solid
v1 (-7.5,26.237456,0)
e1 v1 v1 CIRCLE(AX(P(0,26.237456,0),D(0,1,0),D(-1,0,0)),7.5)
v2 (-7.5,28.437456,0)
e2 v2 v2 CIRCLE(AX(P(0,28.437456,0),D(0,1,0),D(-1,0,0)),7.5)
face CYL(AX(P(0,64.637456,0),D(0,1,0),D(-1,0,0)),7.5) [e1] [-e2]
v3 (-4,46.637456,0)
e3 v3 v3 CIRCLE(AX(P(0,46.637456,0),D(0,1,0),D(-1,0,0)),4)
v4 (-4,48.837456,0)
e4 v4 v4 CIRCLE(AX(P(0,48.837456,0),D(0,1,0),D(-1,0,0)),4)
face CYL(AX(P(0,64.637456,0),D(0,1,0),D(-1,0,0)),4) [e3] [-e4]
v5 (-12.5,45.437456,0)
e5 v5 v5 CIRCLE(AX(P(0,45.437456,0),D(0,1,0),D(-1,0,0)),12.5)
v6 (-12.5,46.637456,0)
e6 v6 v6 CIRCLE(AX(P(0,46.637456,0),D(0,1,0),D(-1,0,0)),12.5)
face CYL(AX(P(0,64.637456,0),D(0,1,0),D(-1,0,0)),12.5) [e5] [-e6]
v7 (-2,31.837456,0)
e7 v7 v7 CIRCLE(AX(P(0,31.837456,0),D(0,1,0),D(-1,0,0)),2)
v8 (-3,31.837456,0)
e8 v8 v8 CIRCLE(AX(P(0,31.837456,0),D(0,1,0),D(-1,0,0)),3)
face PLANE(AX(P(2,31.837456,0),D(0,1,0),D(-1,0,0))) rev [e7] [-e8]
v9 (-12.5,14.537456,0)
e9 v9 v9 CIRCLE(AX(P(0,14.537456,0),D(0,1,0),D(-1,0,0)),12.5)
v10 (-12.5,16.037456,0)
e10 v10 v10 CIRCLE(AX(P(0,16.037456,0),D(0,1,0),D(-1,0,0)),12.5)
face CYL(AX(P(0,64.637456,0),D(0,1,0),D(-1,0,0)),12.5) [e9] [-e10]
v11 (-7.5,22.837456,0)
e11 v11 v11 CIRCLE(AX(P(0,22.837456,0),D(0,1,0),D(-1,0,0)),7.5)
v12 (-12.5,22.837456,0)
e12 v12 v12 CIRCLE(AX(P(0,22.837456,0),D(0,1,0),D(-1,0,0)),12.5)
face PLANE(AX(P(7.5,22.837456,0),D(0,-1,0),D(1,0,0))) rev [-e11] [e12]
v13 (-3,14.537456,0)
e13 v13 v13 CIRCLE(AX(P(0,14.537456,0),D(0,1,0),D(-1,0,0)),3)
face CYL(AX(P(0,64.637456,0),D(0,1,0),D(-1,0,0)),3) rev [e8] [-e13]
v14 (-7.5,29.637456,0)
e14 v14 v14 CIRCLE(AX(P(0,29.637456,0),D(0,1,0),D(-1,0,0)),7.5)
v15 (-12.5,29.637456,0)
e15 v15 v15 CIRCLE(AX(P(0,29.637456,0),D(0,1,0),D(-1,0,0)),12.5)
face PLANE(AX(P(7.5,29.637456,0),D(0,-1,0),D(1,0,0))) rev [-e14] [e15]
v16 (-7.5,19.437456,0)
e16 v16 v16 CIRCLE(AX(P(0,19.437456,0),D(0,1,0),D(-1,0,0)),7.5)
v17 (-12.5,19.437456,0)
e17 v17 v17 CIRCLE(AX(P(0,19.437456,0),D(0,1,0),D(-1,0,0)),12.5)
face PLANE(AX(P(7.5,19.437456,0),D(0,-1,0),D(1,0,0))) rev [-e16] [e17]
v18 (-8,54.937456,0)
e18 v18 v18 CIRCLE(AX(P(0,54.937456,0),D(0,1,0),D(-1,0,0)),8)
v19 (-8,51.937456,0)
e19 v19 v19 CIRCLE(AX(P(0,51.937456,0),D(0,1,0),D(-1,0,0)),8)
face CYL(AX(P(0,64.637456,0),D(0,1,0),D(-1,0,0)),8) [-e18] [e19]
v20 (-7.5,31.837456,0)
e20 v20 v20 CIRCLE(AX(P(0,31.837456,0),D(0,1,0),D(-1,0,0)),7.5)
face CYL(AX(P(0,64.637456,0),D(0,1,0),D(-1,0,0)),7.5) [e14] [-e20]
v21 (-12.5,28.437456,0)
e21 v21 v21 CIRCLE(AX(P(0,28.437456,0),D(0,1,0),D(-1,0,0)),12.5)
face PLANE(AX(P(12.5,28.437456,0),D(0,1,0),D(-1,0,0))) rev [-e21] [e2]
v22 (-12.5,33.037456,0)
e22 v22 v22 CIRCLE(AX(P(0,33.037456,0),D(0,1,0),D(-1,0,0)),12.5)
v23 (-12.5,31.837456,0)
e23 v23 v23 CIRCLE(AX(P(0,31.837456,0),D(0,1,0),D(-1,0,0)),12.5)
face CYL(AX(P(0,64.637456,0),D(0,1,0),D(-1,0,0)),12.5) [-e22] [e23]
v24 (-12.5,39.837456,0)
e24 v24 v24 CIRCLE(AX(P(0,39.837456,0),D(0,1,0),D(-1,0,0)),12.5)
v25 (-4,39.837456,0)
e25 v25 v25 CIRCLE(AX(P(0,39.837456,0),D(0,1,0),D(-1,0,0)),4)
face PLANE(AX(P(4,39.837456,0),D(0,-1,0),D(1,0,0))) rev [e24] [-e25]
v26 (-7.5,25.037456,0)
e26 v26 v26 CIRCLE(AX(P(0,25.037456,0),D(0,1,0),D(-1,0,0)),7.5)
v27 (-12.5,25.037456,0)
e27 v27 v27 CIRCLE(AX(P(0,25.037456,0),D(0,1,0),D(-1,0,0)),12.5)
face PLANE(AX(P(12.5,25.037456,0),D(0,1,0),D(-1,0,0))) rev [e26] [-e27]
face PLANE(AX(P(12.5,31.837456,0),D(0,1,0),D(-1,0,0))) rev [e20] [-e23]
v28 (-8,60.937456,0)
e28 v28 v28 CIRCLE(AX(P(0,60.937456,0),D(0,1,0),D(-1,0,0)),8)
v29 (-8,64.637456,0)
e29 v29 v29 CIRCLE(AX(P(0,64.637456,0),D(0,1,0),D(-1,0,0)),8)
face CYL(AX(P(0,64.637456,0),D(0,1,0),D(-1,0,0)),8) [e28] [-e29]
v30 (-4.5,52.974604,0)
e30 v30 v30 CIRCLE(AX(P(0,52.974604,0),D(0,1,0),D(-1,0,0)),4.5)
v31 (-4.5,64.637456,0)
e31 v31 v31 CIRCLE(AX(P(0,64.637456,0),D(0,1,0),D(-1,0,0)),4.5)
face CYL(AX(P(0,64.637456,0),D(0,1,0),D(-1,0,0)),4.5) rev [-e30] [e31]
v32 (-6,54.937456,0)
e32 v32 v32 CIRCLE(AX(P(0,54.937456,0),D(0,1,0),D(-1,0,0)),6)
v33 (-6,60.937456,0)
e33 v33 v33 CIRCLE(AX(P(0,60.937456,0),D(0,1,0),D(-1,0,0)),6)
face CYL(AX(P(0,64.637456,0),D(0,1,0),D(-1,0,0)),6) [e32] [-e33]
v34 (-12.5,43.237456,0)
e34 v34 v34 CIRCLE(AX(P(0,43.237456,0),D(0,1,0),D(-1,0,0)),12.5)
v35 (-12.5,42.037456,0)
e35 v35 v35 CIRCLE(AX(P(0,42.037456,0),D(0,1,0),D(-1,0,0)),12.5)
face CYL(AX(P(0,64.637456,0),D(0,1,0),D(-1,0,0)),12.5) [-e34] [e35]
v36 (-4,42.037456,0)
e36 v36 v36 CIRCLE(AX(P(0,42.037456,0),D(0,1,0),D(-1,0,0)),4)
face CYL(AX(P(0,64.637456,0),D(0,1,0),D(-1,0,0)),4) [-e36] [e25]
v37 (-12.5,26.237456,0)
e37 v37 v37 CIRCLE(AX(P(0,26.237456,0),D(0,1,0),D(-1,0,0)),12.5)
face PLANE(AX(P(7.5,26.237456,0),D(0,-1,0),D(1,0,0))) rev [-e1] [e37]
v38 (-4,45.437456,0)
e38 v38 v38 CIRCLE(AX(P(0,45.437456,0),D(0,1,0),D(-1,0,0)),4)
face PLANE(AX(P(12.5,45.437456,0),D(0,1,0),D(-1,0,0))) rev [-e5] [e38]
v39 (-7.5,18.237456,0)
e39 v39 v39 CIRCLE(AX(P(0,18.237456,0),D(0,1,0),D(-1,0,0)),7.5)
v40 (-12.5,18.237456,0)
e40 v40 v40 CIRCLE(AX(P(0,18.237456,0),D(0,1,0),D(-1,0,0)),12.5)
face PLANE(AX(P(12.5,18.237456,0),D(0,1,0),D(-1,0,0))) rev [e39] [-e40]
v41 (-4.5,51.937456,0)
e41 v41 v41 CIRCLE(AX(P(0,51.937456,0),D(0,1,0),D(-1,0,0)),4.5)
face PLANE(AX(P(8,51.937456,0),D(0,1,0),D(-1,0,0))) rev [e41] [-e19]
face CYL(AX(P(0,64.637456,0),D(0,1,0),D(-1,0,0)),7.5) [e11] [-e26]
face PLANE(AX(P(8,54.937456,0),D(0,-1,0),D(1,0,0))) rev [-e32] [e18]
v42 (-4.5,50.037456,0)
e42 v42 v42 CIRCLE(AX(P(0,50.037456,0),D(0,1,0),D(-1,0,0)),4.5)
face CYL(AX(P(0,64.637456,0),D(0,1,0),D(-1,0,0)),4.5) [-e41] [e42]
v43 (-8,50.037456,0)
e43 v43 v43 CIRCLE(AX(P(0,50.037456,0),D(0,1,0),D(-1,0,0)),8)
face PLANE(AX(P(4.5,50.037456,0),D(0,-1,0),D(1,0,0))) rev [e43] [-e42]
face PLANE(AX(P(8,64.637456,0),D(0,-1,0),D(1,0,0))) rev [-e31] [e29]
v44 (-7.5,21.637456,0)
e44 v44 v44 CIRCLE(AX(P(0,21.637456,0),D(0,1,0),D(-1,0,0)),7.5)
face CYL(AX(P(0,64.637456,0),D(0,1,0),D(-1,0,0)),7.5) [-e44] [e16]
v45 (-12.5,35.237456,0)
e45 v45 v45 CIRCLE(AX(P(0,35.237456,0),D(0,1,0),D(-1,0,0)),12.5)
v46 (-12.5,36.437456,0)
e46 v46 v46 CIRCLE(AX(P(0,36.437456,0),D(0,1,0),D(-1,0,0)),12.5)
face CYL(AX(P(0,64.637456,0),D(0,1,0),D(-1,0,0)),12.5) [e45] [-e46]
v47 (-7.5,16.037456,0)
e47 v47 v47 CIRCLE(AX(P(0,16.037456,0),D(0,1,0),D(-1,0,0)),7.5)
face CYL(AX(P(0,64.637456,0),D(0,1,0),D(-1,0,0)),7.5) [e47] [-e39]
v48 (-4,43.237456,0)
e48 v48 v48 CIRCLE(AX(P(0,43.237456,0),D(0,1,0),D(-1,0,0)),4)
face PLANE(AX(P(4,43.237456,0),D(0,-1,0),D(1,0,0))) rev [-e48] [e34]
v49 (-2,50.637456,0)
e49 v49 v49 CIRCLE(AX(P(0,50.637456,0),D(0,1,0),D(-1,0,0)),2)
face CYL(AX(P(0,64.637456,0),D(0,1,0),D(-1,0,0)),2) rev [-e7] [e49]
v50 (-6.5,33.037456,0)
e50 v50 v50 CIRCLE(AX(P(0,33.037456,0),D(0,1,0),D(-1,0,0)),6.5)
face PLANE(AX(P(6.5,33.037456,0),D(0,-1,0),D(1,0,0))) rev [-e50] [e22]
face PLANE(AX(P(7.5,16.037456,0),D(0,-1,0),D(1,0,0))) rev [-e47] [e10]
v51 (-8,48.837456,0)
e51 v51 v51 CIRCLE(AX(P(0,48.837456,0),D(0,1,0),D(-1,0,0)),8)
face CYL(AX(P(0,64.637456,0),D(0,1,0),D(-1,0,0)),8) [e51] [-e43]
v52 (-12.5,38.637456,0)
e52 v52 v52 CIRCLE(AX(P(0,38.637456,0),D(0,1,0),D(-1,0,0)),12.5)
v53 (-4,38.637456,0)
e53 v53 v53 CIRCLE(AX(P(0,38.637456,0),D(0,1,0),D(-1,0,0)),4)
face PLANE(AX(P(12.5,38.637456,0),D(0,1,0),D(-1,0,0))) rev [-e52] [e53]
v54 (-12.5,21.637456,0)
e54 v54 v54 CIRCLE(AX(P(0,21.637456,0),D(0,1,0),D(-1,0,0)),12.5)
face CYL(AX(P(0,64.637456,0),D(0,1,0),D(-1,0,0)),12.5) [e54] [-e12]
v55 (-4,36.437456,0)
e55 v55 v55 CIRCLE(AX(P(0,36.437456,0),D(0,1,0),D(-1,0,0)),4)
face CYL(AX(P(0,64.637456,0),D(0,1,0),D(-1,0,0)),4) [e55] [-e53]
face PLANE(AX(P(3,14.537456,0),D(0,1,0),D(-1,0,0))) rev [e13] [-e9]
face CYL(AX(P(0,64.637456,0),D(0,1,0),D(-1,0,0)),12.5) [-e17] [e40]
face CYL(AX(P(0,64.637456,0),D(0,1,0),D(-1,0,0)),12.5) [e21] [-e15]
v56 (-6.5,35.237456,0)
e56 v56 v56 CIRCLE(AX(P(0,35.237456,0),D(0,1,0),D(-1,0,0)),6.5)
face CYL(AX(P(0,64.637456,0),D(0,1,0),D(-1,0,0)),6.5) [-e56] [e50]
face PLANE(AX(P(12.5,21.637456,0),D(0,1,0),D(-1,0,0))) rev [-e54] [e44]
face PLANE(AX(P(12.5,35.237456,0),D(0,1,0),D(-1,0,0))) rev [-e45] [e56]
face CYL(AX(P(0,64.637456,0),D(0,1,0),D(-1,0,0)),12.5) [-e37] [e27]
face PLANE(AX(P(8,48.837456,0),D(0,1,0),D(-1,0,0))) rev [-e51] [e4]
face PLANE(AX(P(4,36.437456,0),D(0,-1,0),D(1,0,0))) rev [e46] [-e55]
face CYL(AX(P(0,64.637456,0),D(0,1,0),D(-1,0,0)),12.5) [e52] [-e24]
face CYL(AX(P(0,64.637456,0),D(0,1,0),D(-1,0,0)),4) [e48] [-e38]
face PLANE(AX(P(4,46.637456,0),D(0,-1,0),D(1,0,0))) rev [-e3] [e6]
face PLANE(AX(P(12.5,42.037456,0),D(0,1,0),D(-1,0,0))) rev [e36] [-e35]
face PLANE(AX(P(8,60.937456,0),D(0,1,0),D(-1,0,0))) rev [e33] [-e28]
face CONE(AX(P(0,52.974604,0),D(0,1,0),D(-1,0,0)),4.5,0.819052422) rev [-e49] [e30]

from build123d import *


with BuildPart() as part:
    # Skica1 → Rotovat1 (revolve)
    with BuildSketch(Plane.XY, mode=Mode.PRIVATE) as rotovat1_sk:
        Polygon((8, 64.637455621), (4.5, 64.637455621), (4.5, 52.97460351), (2, 50.637455621), (2, 46.936179321), (2, 31.837455621), (3, 31.837455621), (3, 14.537455621), (12.5, 14.537455621), (12.5, 16.037455621), (7.5, 16.037455621), (7.5, 18.237455621), (12.5, 18.237455621), (12.5, 19.437455621), (7.5, 19.437455621), (7.5, 21.637455621), (12.5, 21.637455621), (12.5, 22.837455621), (7.5, 22.837455621), (7.5, 25.037455621), (12.5, 25.037455621), (12.5, 26.237455621), (7.5, 26.237455621), (7.5, 28.437455621), (12.5, 28.437455621), (12.5, 29.637455621), (7.5, 29.637455621), (7.5, 31.837455621), (12.5, 31.837455621), (12.5, 33.037455621), (6.5, 33.037455621), (6.5, 35.237455621), (12.5, 35.237455621), (12.5, 36.437455621), (4, 36.437455621), (4, 38.637455621), (12.5, 38.637455621), (12.5, 39.837455621), (4, 39.837455621), (4, 42.037455621), (12.5, 42.037455621), (12.5, 43.237455621), (4, 43.237455621), (4, 45.437455621), (12.5, 45.437455621), (12.5, 46.637455621), (4, 46.637455621), (4, 48.837455621), (8, 48.837455621), (8, 50.037455621), (4.5, 50.037455621), (4.5, 51.937455621), (8, 51.937455621), (8, 54.937455621), (6, 54.937455621), (6, 60.937455621), (8, 60.937455621), align=None)
    revolve(rotovat1_sk.sketch.rotate(Axis((0, 64.637455621, 0), (0, -1, 0)), 180), axis=Axis((0, 64.637455621, 0), (0, -1, 0)))


solid = part.part
